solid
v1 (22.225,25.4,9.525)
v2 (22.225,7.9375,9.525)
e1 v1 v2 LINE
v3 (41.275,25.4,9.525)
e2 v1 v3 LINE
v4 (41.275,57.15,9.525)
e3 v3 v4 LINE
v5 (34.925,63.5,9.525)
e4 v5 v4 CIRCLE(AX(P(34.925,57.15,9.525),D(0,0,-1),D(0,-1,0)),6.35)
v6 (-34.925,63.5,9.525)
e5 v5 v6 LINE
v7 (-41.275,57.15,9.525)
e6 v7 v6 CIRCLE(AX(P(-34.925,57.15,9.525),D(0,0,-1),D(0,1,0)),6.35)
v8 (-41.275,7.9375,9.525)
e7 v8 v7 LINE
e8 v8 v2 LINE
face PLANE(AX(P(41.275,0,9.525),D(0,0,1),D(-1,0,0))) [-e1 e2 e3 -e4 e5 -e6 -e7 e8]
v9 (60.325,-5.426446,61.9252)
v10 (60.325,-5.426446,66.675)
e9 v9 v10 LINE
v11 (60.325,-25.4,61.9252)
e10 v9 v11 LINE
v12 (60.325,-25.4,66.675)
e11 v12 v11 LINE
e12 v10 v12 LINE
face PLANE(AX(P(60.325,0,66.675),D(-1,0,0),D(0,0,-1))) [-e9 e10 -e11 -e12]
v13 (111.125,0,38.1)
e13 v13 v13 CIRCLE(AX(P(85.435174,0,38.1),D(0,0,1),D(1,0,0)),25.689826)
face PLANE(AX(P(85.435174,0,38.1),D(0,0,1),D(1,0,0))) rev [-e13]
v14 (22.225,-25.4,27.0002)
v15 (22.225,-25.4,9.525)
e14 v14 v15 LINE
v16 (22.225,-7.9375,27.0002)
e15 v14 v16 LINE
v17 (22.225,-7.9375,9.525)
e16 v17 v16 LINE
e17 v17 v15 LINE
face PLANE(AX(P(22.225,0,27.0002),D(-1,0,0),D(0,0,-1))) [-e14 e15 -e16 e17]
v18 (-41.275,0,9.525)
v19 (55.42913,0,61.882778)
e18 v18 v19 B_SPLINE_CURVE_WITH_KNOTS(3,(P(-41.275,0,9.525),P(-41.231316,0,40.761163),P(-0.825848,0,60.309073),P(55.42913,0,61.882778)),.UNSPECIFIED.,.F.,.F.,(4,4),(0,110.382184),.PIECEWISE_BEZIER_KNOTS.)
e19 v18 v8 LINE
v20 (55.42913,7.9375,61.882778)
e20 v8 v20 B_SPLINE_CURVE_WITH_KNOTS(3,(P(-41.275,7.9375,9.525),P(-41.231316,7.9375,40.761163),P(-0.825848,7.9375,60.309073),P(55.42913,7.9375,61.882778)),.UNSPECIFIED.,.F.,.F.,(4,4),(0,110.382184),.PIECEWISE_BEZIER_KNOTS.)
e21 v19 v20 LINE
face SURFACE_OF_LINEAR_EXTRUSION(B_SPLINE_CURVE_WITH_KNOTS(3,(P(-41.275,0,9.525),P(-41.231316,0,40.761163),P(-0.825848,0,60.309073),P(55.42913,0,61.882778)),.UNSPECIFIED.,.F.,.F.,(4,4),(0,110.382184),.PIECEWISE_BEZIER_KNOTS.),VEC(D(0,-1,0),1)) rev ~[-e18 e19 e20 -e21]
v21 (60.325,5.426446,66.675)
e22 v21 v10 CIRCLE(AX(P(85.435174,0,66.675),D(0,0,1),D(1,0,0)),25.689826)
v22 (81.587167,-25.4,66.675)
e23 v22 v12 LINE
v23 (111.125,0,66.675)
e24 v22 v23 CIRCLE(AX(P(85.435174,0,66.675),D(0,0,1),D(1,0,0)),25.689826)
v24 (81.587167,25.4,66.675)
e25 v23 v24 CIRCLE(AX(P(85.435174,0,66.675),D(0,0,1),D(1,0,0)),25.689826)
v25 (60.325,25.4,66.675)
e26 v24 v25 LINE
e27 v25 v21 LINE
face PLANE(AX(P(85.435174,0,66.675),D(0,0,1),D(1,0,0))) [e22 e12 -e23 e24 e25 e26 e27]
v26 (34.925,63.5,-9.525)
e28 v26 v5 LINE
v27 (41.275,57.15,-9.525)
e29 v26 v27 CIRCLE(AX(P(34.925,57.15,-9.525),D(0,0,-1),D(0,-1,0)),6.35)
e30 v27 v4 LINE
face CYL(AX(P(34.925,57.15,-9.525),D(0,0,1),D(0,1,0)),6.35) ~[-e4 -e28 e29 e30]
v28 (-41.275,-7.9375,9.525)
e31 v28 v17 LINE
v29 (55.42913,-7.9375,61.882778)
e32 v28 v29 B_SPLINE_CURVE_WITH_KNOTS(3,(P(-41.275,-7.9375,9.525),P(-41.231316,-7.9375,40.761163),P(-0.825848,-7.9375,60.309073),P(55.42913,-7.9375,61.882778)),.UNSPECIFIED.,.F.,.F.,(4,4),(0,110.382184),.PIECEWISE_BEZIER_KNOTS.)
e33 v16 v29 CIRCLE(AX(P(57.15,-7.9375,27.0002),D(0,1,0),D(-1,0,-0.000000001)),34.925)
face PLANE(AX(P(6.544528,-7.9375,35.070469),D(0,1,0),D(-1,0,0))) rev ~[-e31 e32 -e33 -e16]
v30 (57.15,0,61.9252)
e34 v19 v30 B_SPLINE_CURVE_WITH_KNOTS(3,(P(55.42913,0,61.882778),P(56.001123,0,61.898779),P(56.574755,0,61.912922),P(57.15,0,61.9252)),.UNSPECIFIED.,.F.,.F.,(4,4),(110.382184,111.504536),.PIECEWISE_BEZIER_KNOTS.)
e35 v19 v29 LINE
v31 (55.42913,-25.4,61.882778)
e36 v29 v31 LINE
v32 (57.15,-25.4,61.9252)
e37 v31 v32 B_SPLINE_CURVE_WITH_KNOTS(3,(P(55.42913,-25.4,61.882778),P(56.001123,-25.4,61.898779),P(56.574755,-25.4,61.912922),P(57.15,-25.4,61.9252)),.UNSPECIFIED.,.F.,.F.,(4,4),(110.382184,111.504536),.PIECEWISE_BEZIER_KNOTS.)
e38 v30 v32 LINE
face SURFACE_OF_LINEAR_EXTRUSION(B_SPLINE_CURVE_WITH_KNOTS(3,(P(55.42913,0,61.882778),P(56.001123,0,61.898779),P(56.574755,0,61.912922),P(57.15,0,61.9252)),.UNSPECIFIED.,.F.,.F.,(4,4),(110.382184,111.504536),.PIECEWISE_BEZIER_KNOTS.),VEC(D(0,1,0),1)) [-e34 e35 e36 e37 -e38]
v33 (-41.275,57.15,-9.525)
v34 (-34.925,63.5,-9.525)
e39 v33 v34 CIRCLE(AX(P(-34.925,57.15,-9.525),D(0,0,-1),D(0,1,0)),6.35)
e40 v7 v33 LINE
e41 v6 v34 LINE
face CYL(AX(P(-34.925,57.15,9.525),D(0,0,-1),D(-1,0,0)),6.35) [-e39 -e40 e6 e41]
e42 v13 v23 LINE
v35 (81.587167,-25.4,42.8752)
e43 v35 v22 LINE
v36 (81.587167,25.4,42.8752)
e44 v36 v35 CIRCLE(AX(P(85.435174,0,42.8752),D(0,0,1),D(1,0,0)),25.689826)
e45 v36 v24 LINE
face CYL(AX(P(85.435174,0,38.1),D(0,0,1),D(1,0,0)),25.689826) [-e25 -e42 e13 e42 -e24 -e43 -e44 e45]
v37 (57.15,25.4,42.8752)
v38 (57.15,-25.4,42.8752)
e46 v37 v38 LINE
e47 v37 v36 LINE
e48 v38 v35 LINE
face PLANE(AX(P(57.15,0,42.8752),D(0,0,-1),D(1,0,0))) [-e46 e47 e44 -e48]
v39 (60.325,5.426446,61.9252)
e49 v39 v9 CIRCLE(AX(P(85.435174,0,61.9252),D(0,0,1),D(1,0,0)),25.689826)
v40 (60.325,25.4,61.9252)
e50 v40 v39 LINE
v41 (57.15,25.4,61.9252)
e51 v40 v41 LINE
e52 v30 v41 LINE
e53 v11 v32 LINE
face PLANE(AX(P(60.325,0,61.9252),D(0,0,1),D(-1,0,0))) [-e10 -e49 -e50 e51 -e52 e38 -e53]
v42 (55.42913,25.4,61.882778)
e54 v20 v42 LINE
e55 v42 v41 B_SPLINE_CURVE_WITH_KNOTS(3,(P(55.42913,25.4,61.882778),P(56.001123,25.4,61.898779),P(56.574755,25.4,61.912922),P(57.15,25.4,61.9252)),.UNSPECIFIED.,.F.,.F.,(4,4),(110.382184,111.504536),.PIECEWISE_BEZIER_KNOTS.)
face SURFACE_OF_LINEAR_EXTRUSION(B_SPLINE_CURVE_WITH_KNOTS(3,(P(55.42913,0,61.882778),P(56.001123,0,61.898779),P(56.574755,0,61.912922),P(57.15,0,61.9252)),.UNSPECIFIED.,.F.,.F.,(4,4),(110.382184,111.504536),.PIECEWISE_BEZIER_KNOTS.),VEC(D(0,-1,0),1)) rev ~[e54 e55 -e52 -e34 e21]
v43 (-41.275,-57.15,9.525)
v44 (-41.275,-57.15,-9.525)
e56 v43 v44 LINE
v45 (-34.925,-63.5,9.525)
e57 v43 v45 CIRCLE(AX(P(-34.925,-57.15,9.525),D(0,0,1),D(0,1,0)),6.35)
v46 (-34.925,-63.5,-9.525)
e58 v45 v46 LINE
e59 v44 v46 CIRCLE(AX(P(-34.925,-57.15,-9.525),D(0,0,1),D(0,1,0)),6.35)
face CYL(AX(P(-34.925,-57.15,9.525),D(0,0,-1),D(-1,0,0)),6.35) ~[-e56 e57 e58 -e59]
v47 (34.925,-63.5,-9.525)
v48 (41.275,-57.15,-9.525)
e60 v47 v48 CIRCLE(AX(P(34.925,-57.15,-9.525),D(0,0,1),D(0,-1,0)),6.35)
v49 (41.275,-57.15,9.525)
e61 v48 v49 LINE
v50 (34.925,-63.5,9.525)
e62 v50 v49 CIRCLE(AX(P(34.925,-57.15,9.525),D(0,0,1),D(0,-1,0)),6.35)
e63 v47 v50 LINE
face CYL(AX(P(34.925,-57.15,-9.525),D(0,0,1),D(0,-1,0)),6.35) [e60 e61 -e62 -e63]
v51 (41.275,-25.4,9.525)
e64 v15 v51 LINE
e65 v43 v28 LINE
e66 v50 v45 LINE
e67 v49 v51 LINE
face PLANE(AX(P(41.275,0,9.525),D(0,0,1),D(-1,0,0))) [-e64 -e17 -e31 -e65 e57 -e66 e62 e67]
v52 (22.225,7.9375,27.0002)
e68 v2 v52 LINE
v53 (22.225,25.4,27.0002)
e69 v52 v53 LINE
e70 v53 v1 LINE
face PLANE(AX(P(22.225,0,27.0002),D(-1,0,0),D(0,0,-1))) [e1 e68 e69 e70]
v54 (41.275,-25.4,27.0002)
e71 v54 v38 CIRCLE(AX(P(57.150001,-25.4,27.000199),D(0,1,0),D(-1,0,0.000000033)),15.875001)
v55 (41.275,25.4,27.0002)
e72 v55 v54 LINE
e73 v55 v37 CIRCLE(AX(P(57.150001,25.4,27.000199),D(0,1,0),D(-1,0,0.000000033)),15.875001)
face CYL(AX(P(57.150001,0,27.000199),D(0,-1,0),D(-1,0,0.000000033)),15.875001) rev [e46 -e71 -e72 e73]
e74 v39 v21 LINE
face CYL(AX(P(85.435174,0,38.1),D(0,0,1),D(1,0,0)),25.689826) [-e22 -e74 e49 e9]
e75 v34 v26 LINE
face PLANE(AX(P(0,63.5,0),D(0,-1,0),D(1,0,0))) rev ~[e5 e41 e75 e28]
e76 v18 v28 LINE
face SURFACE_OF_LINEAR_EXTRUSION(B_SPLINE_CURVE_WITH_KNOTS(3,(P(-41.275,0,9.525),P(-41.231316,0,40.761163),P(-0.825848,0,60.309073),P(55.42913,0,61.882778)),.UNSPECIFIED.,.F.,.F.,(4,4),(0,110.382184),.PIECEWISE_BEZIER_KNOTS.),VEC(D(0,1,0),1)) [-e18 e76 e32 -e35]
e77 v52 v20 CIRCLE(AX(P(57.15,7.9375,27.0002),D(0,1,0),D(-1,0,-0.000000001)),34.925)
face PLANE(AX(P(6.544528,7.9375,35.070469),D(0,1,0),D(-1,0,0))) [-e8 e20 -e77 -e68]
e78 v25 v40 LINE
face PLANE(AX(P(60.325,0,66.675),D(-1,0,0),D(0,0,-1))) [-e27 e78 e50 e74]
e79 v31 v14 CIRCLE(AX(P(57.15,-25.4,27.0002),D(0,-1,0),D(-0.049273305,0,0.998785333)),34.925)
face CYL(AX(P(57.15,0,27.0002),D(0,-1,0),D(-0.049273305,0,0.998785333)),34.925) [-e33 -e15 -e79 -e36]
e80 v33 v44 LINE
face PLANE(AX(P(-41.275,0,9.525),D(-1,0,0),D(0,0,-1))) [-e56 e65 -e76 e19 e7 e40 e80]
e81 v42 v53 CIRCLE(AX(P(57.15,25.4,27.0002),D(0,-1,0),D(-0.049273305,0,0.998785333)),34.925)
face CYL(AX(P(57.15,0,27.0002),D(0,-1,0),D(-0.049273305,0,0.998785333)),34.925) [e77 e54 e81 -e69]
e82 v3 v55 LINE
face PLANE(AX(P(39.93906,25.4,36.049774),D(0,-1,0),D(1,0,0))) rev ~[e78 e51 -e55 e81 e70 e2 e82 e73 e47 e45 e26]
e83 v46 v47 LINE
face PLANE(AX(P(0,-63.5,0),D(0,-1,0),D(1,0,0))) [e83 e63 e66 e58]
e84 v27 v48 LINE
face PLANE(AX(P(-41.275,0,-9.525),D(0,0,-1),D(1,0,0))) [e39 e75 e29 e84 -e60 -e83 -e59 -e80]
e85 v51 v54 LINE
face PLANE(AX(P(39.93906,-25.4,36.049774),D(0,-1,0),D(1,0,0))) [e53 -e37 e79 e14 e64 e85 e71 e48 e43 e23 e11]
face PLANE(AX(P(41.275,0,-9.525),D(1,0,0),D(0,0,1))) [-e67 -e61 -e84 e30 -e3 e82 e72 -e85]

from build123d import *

# Parameters (mm, degrees)
F1_DEPTH = 63.5
F2_DEPTH = 7.9375
F3_R     = 6.35
F4_DEPTH = 25.4


with BuildPart() as f1:
    # F0 (on Front) → F1 (new body, symmetric)
    with BuildSketch(Plane.XZ):
        Polygon((22.225, 9.525), (-41.275, 9.525), (-41.275, -9.525), (41.275, -9.525), (41.275, 9.525), align=None)
    extrude(amount=F1_DEPTH, both=True)

    # F0 (on Front) → F2 (join, symmetric)
    with BuildSketch(Plane.XZ):
        with BuildLine():
            add(Edge.make_bspline(
                [(-41.275, 9.525), (-41.231316, 40.761163), (-0.825848, 60.309073), (55.42913, 61.882778)],
                knots=[0, 0, 0, 0, 110.382184, 110.382184, 110.382184, 110.382184], degree=3))
            Line((-41.275, 9.525), (22.225, 9.525))
            Line((22.225, 9.525), (22.225, 27.0002))
            ThreePointArc((22.225, 27.0002), (31.853192, 51.0798), (55.42913, 61.882778))
        make_face()
    extrude(amount=F2_DEPTH, both=True)

    # F3
    f3_edges = [f1.edges().sort_by_distance(p)[0] for p in [
        (41.275, -63.5, 0),
        (-41.275, -63.5, 0),
        (41.275, 63.5, 0),
        (-41.275, 63.5, 0),
    ]]
    fillet(f3_edges, radius=F3_R)

    # F0 (on Front) → F4 (join, symmetric)
    with BuildSketch(Plane.XZ):
        with BuildLine():
            Line((22.225, 27.0002), (22.225, 9.525))
            Line((22.225, 9.525), (41.275, 9.525))
            Line((41.275, 9.525), (41.275, 27.0002))
            ThreePointArc((41.275, 27.0002), (45.92468, 38.22552), (57.15, 42.8752))
            Line((57.15, 42.8752), (60.325, 42.8752))
            Line((60.325, 42.8752), (60.325, 61.9252))
            Line((60.325, 61.9252), (57.15, 61.9252))
            add(Edge.make_bspline(
                [(55.42913, 61.882778), (56.001123, 61.898779), (56.574755, 61.912922), (57.15, 61.9252)],
                knots=[110.382184, 110.382184, 110.382184, 110.382184, 111.504536, 111.504536, 111.504536, 111.504536], degree=3))
            ThreePointArc((55.42913, 61.882778), (31.853192, 51.0798), (22.225, 27.0002))
        make_face()
        Polygon((60.325, 66.675), (60.325, 61.9252), (60.325, 42.8752), (85.435174, 42.8752), (85.435174, 66.675), align=None)
    extrude(amount=F4_DEPTH, both=True)

    # F0 (on Front) → F5 (revolve)
    with BuildSketch(Plane.XZ):
        Polygon((85.435174, 66.675), (85.435174, 42.8752), (85.435174, 38.1), (111.125, 38.1), (111.125, 66.675), align=None)
    revolve(axis=Axis((85.435174, 0, 52.3875), (0, 0, 1)))


solid = f1.part
